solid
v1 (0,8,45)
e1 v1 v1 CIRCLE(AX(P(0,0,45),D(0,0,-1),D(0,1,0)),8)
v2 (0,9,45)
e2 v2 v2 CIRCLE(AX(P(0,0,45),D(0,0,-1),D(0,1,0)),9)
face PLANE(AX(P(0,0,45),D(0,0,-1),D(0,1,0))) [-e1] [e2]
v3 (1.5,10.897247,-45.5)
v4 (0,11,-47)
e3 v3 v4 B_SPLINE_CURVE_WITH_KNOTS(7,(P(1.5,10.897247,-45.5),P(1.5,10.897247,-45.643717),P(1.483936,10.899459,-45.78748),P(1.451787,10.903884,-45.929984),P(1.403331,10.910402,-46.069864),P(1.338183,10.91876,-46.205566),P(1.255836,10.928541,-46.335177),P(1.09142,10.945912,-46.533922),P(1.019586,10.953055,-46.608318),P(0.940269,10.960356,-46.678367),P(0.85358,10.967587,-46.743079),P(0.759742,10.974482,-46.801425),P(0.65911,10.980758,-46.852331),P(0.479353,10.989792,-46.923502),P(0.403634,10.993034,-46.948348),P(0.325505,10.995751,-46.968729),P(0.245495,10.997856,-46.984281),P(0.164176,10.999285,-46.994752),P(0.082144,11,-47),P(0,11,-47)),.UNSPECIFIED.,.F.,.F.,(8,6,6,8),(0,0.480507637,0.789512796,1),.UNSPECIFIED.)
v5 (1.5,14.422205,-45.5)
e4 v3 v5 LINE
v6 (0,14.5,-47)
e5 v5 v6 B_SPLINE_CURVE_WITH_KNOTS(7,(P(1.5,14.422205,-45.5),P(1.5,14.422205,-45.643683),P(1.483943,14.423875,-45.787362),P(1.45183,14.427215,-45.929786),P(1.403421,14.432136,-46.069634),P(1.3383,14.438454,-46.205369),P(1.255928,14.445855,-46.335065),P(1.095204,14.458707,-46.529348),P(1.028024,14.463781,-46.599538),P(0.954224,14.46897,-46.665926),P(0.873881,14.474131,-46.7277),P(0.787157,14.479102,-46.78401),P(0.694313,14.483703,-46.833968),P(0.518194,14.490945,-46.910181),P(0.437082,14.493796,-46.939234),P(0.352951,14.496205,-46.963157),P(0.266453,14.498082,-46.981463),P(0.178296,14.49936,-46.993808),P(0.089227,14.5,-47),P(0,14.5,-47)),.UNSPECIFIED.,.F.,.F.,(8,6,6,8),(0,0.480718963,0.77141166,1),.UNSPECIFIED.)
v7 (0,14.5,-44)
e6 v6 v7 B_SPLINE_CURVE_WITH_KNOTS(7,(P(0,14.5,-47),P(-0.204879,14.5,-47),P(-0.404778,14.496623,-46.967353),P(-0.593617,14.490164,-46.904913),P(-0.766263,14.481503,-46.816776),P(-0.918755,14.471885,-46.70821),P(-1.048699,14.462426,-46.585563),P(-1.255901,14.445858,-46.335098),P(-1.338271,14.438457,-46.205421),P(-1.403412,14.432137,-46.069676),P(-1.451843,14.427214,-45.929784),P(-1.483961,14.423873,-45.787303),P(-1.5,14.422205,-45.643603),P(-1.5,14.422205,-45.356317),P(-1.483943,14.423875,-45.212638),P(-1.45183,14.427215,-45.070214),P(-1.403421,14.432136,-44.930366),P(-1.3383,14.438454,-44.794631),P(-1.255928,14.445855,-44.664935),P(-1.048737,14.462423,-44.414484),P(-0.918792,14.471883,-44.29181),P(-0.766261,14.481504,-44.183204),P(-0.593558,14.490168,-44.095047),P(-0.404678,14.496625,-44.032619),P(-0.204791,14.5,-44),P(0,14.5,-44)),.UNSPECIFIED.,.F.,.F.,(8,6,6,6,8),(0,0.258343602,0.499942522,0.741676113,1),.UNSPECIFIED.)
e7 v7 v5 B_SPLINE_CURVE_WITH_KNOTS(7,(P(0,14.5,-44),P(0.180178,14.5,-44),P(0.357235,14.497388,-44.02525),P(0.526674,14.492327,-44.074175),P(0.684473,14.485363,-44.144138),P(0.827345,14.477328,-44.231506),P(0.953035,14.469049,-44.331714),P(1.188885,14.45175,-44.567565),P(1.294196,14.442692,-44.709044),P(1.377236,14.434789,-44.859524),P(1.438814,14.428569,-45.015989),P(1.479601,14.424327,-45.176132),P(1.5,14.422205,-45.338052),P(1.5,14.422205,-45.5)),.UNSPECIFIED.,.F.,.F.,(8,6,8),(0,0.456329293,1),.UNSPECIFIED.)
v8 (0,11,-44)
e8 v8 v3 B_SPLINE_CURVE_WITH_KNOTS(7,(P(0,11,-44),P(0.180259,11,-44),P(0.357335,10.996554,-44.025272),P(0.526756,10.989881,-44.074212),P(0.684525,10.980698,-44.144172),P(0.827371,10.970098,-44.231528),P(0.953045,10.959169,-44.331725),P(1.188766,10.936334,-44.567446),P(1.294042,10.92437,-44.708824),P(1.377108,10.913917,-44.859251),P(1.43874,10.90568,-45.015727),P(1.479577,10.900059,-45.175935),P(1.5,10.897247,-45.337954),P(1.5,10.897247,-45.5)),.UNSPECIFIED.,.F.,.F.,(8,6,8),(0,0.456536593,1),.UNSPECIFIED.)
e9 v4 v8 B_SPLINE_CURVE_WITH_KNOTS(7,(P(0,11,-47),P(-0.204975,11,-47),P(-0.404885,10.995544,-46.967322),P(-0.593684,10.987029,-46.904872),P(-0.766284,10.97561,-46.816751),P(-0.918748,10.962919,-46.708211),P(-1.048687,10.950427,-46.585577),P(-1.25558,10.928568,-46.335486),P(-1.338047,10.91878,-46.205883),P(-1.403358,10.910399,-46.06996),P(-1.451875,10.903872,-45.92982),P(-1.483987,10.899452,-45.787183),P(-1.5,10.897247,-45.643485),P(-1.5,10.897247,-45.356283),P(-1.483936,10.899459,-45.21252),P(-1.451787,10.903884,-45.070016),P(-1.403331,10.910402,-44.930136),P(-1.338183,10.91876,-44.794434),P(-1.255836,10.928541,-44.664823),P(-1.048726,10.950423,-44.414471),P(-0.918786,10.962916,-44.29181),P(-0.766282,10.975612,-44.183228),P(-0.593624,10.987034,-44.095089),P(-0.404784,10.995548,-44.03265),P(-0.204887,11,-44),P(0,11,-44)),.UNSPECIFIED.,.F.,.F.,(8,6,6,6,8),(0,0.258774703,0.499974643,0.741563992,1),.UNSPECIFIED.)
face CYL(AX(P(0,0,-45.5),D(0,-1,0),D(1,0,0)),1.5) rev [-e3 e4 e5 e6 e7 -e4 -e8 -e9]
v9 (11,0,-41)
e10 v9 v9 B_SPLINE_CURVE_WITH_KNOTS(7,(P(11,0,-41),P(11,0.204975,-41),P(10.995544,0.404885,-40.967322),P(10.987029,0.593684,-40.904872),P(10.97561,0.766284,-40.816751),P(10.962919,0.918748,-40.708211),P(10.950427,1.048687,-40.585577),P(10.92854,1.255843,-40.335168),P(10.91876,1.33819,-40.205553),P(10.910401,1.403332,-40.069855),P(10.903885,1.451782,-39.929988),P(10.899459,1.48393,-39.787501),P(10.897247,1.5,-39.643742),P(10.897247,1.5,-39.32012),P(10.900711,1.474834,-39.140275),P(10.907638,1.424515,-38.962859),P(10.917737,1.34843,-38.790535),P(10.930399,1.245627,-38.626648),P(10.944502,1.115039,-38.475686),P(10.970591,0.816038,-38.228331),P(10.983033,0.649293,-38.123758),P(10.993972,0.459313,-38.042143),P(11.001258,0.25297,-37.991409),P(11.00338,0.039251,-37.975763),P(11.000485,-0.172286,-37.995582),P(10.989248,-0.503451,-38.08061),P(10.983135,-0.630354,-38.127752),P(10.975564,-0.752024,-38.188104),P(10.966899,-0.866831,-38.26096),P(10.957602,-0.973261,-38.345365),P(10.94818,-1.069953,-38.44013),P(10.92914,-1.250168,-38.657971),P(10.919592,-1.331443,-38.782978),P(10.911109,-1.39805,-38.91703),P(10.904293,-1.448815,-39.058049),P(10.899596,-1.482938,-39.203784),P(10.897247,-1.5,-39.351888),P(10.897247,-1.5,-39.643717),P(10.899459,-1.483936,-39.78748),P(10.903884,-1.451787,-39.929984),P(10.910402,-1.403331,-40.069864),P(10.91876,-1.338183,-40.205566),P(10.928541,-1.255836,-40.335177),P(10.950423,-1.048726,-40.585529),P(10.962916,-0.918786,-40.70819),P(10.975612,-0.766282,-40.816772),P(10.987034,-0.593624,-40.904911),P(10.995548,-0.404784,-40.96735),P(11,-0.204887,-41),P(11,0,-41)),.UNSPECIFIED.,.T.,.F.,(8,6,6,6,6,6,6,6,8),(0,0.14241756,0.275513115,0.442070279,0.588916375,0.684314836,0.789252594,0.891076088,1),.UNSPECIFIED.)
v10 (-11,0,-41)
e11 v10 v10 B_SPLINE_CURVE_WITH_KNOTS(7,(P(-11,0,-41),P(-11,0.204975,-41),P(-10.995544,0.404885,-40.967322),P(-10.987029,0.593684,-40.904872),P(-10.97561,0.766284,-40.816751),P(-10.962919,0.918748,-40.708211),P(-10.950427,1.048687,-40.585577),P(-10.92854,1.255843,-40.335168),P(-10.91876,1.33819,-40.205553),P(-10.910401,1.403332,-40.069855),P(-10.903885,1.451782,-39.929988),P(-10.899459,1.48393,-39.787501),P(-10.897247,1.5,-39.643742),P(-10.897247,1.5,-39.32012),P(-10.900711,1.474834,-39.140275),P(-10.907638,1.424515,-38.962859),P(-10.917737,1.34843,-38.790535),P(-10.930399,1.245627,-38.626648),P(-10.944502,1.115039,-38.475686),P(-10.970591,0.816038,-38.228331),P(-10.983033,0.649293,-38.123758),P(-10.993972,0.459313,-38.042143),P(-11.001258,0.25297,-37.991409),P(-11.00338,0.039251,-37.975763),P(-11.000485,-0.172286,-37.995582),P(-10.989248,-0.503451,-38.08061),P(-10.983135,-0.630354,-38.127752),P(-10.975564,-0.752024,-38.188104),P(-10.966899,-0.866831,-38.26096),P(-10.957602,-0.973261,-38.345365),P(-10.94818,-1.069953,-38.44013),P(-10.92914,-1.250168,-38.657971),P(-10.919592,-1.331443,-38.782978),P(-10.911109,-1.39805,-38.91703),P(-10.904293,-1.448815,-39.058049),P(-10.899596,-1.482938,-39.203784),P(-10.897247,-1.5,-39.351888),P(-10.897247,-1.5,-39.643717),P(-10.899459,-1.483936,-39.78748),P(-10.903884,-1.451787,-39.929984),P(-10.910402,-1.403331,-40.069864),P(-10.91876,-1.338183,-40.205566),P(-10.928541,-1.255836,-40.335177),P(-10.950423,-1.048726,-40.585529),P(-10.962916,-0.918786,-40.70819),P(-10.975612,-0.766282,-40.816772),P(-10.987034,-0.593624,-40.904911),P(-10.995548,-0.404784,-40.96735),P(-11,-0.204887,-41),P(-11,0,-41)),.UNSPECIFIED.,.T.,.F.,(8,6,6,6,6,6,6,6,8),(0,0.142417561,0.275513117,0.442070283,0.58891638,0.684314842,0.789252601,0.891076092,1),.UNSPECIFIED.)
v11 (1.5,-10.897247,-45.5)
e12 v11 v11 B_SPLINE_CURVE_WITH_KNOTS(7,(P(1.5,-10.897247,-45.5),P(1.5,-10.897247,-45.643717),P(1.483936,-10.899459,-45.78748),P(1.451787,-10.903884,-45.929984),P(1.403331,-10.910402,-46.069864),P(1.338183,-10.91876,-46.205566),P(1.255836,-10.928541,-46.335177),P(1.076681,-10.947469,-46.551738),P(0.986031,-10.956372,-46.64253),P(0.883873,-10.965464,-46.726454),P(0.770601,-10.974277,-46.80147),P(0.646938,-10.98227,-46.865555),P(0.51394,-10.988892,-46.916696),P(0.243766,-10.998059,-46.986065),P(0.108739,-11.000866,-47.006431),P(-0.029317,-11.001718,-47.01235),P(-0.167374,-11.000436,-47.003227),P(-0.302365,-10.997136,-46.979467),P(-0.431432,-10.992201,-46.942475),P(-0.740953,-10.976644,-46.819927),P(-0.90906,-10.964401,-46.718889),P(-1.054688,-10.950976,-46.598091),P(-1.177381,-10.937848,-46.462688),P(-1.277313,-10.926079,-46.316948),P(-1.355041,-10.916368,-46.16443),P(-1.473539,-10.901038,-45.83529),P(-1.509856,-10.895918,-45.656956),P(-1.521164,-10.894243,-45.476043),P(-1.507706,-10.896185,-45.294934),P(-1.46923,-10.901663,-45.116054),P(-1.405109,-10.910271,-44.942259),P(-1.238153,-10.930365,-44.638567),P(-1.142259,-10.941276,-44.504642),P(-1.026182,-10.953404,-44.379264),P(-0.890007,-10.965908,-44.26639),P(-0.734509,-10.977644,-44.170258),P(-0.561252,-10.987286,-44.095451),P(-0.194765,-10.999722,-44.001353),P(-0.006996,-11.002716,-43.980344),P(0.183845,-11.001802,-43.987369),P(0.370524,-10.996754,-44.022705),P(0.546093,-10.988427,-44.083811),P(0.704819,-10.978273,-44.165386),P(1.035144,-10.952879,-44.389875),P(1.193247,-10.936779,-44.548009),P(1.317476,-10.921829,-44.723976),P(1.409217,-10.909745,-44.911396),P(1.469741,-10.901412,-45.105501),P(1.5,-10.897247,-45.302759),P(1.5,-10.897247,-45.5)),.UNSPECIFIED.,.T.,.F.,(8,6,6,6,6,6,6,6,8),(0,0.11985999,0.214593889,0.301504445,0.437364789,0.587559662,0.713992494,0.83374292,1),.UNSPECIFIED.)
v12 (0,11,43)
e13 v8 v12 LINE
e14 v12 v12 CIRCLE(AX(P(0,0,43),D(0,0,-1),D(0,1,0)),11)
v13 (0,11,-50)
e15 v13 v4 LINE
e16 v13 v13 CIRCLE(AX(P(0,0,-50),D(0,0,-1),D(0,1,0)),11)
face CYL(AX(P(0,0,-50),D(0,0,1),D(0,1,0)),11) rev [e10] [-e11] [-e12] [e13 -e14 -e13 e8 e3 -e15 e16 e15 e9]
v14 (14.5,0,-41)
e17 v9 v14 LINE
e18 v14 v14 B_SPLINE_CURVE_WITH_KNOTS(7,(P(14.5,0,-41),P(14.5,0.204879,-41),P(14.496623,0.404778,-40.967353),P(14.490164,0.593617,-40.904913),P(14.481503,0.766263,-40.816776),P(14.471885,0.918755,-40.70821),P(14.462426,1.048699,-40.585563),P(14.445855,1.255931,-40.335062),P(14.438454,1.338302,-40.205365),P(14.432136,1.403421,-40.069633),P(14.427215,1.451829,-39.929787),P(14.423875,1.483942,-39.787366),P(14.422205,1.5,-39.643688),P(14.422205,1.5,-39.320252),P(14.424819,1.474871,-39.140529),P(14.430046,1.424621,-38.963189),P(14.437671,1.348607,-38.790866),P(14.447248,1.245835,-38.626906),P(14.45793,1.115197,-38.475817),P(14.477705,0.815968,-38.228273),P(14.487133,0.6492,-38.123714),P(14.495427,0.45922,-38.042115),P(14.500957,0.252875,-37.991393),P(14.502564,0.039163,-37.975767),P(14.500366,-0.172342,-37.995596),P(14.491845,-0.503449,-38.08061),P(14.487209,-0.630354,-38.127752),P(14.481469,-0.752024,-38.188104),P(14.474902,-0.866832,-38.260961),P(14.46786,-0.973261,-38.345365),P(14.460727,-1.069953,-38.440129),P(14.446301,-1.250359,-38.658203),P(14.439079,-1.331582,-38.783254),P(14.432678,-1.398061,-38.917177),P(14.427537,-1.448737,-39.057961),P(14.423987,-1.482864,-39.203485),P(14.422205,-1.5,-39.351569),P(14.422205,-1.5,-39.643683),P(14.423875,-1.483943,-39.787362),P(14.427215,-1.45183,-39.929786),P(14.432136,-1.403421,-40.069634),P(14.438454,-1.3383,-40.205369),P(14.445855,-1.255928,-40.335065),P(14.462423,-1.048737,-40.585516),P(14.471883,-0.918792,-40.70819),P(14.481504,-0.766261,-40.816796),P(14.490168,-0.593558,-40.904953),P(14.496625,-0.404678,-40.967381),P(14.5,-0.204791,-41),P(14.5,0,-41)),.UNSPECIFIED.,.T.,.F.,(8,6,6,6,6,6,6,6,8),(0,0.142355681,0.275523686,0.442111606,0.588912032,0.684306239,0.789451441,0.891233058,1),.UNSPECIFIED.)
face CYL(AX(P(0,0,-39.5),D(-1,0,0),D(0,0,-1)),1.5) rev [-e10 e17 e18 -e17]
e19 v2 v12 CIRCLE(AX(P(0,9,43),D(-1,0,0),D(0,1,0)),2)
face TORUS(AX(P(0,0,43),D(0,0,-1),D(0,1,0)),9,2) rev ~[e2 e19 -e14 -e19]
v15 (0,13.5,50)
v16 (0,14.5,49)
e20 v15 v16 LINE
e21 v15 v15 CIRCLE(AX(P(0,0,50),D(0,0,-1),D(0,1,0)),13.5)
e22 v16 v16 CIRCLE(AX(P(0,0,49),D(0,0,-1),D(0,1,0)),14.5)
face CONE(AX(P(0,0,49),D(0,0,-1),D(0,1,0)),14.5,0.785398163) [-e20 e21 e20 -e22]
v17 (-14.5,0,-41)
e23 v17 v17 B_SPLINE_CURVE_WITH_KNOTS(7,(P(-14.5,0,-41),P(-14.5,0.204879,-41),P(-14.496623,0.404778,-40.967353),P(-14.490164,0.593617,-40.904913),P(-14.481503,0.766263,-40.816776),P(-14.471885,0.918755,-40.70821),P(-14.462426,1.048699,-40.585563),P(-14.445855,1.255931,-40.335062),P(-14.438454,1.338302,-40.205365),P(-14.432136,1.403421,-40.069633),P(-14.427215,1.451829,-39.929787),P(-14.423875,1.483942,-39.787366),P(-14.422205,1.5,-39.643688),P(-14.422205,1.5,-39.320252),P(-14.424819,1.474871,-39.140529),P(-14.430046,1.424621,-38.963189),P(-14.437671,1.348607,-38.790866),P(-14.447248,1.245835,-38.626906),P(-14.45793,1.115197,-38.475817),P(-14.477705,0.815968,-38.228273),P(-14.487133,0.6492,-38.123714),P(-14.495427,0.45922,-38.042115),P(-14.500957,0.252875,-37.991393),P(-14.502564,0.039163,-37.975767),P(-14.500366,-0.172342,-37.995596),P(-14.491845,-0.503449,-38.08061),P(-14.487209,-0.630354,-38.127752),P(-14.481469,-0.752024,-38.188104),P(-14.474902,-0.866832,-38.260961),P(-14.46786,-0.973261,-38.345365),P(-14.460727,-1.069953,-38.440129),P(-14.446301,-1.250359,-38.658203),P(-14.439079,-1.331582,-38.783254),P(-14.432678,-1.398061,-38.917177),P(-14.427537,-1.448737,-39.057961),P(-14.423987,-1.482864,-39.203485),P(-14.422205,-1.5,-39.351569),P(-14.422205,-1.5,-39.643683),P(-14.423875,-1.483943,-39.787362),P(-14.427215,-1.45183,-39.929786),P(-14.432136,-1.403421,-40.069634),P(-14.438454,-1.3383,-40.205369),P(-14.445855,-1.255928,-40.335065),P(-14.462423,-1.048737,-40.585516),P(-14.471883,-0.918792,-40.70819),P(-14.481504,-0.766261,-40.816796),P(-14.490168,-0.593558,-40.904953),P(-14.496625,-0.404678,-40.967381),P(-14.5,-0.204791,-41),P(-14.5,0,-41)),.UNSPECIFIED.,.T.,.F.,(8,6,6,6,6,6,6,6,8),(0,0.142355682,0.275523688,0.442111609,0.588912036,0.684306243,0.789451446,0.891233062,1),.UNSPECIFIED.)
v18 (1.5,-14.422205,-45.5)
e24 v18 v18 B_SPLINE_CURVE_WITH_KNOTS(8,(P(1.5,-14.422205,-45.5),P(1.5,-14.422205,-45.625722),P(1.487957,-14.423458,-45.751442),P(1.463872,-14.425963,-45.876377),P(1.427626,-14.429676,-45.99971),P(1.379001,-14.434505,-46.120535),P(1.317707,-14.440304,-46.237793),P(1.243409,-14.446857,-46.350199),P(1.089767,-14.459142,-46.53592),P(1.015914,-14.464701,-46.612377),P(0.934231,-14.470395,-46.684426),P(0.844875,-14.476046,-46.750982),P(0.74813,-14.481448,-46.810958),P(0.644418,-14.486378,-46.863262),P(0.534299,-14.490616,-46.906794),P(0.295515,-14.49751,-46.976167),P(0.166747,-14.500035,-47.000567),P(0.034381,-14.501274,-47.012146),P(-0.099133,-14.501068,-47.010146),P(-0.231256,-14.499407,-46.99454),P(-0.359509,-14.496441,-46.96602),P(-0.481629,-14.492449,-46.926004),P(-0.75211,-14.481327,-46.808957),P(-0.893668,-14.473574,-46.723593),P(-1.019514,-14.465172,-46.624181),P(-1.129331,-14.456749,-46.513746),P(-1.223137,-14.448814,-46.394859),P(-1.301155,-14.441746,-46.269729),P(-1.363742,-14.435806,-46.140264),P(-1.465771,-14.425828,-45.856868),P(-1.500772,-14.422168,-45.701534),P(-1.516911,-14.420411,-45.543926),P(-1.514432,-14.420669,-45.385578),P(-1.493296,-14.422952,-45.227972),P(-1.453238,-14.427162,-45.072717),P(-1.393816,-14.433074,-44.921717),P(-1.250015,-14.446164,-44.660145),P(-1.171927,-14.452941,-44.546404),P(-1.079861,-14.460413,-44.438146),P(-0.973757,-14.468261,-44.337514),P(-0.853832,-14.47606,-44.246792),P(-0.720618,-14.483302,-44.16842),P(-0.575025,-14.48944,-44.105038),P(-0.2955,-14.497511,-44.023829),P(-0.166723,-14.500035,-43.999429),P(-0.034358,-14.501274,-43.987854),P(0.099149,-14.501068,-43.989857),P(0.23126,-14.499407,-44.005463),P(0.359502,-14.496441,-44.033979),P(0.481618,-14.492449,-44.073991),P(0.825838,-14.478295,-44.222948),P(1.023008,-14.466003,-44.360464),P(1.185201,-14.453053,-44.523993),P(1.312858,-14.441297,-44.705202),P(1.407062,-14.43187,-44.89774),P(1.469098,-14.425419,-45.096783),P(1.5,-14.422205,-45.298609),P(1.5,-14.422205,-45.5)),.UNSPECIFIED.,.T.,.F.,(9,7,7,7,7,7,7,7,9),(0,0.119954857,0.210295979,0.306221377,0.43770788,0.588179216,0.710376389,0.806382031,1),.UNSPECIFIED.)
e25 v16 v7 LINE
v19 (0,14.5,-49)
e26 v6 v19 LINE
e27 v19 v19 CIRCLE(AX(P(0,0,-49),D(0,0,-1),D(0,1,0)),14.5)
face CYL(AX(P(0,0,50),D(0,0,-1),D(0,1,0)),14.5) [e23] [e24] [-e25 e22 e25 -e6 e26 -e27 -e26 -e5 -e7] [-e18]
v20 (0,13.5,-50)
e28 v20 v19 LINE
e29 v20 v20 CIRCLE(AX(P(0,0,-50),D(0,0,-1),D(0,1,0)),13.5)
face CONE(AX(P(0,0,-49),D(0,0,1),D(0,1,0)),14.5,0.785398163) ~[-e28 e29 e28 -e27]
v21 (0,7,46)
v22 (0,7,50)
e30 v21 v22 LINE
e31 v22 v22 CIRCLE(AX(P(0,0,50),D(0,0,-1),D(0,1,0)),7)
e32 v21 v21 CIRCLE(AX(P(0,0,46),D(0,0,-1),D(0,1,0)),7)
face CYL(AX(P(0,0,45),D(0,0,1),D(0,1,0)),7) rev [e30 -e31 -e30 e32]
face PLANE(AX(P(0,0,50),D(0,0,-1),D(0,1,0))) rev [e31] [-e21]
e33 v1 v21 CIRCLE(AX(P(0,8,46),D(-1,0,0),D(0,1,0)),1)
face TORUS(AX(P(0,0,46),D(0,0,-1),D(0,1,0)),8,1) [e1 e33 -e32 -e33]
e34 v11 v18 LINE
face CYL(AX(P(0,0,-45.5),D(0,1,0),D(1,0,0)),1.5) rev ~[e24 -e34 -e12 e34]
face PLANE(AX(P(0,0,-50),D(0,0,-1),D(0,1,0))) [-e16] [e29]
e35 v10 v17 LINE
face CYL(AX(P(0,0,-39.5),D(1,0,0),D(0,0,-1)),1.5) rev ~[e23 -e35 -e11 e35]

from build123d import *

# Parameters (mm, degrees)
ESQUISSE2_R                  = 1.5
ENL_V_MAT_EXTRU_1_DEPTH      = 15.5
ENL_V_MAT_EXTRU_1_DEPTH_BACK = 15.5
ESQUISSE3_R                  = 1.5
ENL_V_MAT_EXTRU_2_DEPTH      = 15.5000001
ENL_V_MAT_EXTRU_2_DEPTH_BACK = 15.5000001
CONG_1_R                     = 2
CONG_2_R                     = 1
CHANFREIN1_SIZE              = 1


with BuildPart() as part:
    # Esquisse1 → Révolution1 (revolve)
    with BuildSketch(Plane(origin=(0, 0, 0), x_dir=(0, 0, -1), z_dir=(1, 0, 0))):
        Polygon((-45, 11), (-45, 7), (-50, 7), (-50, 14.5), (50, 14.5), (50, 11), align=None)
    revolve(axis=Axis((0, 0, 50), (0, 0, -1)))

    # Esquisse2 → Enlèv. mat.-Extru.1 (cut, two sides)
    with BuildSketch(Plane(origin=(0, 0, 0), x_dir=(0, 0, -1), z_dir=(1, 0, 0))) as enl_v_mat_extru_1_sk:
        with Locations((39.5, 0)):
            Circle(ESQUISSE2_R)
    extrude(amount=ENL_V_MAT_EXTRU_1_DEPTH, mode=Mode.SUBTRACT)
    extrude(enl_v_mat_extru_1_sk.sketch, amount=-ENL_V_MAT_EXTRU_1_DEPTH_BACK, mode=Mode.SUBTRACT)

    # Esquisse3 → Enlèv. mat.-Extru.2 (cut, two sides)
    with BuildSketch(Plane(origin=(0, 0, 0), x_dir=(1, 0, 0), z_dir=(0, 1, 0))) as enl_v_mat_extru_2_sk:
        with Locations((0, 45.5)):
            Circle(ESQUISSE3_R)
    extrude(amount=ENL_V_MAT_EXTRU_2_DEPTH, mode=Mode.SUBTRACT)
    extrude(enl_v_mat_extru_2_sk.sketch, amount=-ENL_V_MAT_EXTRU_2_DEPTH_BACK, mode=Mode.SUBTRACT)

    # Congé1
    cong_1_edges = [part.edges().sort_by_distance(p)[0] for p in [
        (0, -11, 45),
    ]]
    fillet(cong_1_edges, radius=CONG_1_R)

    # Congé2
    cong_2_edges = [part.edges().sort_by_distance(p)[0] for p in [
        (0, -7, 45),
    ]]
    fillet(cong_2_edges, radius=CONG_2_R)

    # Chanfrein1
    chanfrein1_edges = [part.edges().sort_by_distance(p)[0] for p in [
        (0, -14.5, 50),
        (0, -14.5, -50),
    ]]
    chamfer(chanfrein1_edges, length=CHANFREIN1_SIZE)


solid = part.part
